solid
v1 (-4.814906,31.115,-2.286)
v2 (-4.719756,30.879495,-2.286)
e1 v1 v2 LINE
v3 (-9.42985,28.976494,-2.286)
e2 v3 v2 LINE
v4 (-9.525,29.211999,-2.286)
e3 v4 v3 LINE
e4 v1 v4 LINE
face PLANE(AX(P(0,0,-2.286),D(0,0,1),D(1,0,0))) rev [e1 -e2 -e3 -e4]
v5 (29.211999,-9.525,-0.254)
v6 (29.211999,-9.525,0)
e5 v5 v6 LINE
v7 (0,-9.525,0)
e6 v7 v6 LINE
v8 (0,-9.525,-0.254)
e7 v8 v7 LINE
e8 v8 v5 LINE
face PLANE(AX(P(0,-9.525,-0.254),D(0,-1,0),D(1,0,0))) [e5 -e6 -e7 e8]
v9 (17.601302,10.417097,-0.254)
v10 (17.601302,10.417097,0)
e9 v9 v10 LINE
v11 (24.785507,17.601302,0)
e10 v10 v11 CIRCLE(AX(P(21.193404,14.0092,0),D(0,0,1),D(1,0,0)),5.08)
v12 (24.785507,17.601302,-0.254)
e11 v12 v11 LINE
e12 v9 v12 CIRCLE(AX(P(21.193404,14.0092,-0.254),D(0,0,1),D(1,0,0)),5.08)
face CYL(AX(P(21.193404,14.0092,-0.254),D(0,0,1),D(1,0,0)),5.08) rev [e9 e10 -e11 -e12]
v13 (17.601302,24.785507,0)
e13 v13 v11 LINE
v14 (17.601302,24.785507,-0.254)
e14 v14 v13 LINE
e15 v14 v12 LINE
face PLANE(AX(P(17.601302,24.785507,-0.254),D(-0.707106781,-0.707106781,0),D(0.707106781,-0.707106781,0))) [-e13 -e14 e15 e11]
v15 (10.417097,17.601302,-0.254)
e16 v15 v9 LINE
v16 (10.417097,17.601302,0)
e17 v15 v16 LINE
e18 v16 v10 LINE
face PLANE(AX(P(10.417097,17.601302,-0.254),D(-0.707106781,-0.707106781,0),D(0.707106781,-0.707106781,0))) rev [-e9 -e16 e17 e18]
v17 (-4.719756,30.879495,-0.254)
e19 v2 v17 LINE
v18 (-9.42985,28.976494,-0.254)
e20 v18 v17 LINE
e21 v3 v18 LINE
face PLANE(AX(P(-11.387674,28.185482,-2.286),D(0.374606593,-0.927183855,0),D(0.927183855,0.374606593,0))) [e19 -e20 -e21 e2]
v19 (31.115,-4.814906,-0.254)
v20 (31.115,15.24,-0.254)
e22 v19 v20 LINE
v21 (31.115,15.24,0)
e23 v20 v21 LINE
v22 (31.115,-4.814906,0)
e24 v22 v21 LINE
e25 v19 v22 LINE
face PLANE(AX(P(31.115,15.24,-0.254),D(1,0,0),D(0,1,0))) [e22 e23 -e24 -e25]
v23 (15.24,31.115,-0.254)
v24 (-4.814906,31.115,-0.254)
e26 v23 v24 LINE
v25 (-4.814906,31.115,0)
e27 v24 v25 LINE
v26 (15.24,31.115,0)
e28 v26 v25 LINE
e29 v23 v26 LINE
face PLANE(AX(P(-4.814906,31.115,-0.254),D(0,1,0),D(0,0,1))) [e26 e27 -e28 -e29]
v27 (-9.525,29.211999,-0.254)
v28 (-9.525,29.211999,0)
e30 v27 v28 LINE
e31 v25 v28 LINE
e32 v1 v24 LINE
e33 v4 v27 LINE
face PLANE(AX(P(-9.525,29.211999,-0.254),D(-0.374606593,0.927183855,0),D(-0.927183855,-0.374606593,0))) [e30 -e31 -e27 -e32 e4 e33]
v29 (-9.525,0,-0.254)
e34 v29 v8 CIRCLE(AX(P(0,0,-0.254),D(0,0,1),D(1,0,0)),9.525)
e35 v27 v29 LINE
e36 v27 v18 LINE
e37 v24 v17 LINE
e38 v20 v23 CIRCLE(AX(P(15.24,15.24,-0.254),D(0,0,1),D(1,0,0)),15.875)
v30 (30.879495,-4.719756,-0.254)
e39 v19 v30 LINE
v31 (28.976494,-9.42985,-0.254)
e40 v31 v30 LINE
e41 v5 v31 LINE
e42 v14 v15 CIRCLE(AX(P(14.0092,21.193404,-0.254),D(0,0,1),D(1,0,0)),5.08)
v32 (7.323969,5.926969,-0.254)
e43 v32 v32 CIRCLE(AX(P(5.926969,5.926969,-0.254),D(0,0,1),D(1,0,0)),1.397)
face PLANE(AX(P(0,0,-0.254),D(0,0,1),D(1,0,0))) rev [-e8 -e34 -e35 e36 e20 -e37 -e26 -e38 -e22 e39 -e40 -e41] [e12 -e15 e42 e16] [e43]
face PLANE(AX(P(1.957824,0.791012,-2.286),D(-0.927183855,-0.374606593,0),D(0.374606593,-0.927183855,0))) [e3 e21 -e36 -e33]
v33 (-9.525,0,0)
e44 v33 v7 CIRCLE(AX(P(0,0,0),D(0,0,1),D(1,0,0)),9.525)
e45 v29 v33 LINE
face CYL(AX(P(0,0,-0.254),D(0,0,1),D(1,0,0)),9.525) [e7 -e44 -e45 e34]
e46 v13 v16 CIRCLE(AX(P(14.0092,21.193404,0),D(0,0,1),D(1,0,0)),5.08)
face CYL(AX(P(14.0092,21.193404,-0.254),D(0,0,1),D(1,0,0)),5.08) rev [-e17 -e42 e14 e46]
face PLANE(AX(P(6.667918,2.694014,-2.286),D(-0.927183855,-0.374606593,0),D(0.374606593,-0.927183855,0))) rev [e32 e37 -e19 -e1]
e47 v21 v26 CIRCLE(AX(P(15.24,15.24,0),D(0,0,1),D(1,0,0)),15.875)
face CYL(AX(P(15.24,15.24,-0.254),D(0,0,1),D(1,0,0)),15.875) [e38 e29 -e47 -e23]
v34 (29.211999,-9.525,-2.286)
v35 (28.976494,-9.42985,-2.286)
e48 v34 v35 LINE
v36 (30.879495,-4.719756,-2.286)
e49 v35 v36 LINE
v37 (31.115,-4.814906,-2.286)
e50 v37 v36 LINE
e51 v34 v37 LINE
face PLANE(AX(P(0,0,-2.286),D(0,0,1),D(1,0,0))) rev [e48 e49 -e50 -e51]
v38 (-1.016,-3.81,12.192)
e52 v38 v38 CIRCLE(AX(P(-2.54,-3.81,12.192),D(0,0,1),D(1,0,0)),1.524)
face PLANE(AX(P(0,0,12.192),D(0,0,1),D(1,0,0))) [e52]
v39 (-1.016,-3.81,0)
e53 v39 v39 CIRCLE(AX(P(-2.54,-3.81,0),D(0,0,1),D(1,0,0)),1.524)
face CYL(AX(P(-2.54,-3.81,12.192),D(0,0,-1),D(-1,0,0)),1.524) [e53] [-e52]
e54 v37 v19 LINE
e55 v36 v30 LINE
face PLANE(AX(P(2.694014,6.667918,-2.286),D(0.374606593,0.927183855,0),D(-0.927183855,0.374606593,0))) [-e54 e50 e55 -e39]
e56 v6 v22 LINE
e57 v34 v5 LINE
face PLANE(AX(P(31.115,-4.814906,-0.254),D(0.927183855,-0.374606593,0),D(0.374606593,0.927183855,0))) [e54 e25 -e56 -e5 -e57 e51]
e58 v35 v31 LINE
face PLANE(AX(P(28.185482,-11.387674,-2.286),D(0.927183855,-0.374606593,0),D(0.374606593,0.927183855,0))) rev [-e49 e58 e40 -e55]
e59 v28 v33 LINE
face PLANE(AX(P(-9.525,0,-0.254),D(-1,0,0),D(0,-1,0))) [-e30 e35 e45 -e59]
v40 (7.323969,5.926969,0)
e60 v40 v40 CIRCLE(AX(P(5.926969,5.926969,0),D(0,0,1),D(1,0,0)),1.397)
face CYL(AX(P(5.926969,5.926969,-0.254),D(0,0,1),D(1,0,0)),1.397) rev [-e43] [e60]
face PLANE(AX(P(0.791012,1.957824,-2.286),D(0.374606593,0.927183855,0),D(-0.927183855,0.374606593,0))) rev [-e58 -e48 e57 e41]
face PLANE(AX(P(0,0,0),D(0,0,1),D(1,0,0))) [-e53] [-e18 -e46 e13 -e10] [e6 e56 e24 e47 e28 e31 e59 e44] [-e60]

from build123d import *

# Parameters (mm, degrees)
BOSS_EXTRUDE1_DEPTH = 0.254
SKETCH2_R           = 2.032
CUT_EXTRUDE1_DEPTH  = 0.254
SKETCH3_R           = 1.397
CUT_EXTRUDE2_DEPTH  = 0.254
CUT_EXTRUDE3_DEPTH  = 0.254
SKETCH5_R           = 1.524
BOSS_EXTRUDE2_DEPTH = 12.192
BOSS_EXTRUDE3_DEPTH = 2.286
SKETCH8_R           = 2.05178126
BOSS_EXTRUDE4_DEPTH = 0.254
SKETCH9_W           = 2.585879879
SKETCH9_H           = 0.671823721
CUT_EXTRUDE4_DEPTH  = 31.895819587


with BuildPart() as part:
    # Sketch1 → Boss-Extrude1 (new body)
    with BuildSketch(Plane.XY):
        with BuildLine():
            Line((0, -9.525), (29.211998505, -9.525))
            Line((29.211998505, -9.525), (31.115, -4.814906019))
            Line((31.115, -4.814906019), (31.115, 15.24))
            ThreePointArc((31.115, 15.24), (26.465320151, 26.465320151), (15.24, 31.115))
            Line((15.24, 31.115), (-4.814906019, 31.115))
            Line((-4.814906019, 31.115), (-9.525, 29.211998505))
            Line((-9.525, 29.211998505), (-9.525, 0))
            ThreePointArc((-9.525, 0), (-6.735192091, -6.735192091), (0, -9.525))
        make_face()
    extrude(amount=-BOSS_EXTRUDE1_DEPTH)

    # Sketch2 → Cut-Extrude1 (cut)
    with BuildSketch(Plane.XY):
        Circle(SKETCH2_R)
    extrude(amount=-CUT_EXTRUDE1_DEPTH, mode=Mode.SUBTRACT)

    # Sketch3 → Cut-Extrude2 (cut)
    with BuildSketch(Plane.XY):
        with Locations((5.92696904, 5.92696904)):
            Circle(SKETCH3_R)
    extrude(amount=-CUT_EXTRUDE2_DEPTH, mode=Mode.SUBTRACT)

    # Sketch4 → Cut-Extrude3 (cut)
    with BuildSketch(Plane.XY):
        with BuildLine():
            Line((17.601301997, 24.785506894), (24.785506894, 17.601301997))
            ThreePointArc((24.785506894, 17.601301997), (24.785506894, 10.4170971), (17.601301997, 10.4170971))
            Line((17.601301997, 10.4170971), (10.4170971, 17.601301997))
            ThreePointArc((10.4170971, 17.601301997), (10.4170971, 24.785506894), (17.601301997, 24.785506894))
        make_face()
    extrude(amount=-CUT_EXTRUDE3_DEPTH, mode=Mode.SUBTRACT)

    # Sketch5 → Boss-Extrude2 (add)
    with BuildSketch(Plane.XY):
        with Locations((-2.54, -3.81)):
            Circle(SKETCH5_R)
    extrude(amount=BOSS_EXTRUDE2_DEPTH)

    # Sketch7 → Boss-Extrude3 (add)
    with BuildSketch(Plane.XY):
        Polygon((29.211998505, -9.525), (28.976493806, -9.429849925), (30.879495301, -4.719755944), (31.115, -4.814906019), align=None)
        with BuildLine():
            Line((27.708062292, 24.654775211), (27.887667414, 24.834380333))
            ThreePointArc((27.887667414, 24.834380333), (26.465320151, 26.465320151), (24.834380333, 27.887667414))
            Line((24.834380333, 27.887667414), (24.654775211, 27.708062292))
            Line((24.654775211, 27.708062292), (27.708062292, 24.654775211))
        make_face()
        Polygon((-9.525, 29.211998505), (-9.429849925, 28.976493806), (-4.719755944, 30.879495301), (-4.814906019, 31.115), align=None)
    extrude(amount=-BOSS_EXTRUDE3_DEPTH)

    # Sketch8 → Boss-Extrude4 (add)
    with BuildSketch(Plane.XY):
        Circle(SKETCH8_R)
    extrude(amount=-BOSS_EXTRUDE4_DEPTH)

    # Sketch9 → Cut-Extrude4 (cut, through all)
    with BuildSketch(Plane(origin=(-1.526643541, 1.526643541, 0), x_dir=(0, 0, 1), z_dir=(-0.707106781, 0.707106781, 0))):
        with Locations((-1.54693994, 37.362029341)):
            Rectangle(SKETCH9_W, SKETCH9_H)
    extrude(amount=-CUT_EXTRUDE4_DEPTH, mode=Mode.SUBTRACT)


solid = part.part
